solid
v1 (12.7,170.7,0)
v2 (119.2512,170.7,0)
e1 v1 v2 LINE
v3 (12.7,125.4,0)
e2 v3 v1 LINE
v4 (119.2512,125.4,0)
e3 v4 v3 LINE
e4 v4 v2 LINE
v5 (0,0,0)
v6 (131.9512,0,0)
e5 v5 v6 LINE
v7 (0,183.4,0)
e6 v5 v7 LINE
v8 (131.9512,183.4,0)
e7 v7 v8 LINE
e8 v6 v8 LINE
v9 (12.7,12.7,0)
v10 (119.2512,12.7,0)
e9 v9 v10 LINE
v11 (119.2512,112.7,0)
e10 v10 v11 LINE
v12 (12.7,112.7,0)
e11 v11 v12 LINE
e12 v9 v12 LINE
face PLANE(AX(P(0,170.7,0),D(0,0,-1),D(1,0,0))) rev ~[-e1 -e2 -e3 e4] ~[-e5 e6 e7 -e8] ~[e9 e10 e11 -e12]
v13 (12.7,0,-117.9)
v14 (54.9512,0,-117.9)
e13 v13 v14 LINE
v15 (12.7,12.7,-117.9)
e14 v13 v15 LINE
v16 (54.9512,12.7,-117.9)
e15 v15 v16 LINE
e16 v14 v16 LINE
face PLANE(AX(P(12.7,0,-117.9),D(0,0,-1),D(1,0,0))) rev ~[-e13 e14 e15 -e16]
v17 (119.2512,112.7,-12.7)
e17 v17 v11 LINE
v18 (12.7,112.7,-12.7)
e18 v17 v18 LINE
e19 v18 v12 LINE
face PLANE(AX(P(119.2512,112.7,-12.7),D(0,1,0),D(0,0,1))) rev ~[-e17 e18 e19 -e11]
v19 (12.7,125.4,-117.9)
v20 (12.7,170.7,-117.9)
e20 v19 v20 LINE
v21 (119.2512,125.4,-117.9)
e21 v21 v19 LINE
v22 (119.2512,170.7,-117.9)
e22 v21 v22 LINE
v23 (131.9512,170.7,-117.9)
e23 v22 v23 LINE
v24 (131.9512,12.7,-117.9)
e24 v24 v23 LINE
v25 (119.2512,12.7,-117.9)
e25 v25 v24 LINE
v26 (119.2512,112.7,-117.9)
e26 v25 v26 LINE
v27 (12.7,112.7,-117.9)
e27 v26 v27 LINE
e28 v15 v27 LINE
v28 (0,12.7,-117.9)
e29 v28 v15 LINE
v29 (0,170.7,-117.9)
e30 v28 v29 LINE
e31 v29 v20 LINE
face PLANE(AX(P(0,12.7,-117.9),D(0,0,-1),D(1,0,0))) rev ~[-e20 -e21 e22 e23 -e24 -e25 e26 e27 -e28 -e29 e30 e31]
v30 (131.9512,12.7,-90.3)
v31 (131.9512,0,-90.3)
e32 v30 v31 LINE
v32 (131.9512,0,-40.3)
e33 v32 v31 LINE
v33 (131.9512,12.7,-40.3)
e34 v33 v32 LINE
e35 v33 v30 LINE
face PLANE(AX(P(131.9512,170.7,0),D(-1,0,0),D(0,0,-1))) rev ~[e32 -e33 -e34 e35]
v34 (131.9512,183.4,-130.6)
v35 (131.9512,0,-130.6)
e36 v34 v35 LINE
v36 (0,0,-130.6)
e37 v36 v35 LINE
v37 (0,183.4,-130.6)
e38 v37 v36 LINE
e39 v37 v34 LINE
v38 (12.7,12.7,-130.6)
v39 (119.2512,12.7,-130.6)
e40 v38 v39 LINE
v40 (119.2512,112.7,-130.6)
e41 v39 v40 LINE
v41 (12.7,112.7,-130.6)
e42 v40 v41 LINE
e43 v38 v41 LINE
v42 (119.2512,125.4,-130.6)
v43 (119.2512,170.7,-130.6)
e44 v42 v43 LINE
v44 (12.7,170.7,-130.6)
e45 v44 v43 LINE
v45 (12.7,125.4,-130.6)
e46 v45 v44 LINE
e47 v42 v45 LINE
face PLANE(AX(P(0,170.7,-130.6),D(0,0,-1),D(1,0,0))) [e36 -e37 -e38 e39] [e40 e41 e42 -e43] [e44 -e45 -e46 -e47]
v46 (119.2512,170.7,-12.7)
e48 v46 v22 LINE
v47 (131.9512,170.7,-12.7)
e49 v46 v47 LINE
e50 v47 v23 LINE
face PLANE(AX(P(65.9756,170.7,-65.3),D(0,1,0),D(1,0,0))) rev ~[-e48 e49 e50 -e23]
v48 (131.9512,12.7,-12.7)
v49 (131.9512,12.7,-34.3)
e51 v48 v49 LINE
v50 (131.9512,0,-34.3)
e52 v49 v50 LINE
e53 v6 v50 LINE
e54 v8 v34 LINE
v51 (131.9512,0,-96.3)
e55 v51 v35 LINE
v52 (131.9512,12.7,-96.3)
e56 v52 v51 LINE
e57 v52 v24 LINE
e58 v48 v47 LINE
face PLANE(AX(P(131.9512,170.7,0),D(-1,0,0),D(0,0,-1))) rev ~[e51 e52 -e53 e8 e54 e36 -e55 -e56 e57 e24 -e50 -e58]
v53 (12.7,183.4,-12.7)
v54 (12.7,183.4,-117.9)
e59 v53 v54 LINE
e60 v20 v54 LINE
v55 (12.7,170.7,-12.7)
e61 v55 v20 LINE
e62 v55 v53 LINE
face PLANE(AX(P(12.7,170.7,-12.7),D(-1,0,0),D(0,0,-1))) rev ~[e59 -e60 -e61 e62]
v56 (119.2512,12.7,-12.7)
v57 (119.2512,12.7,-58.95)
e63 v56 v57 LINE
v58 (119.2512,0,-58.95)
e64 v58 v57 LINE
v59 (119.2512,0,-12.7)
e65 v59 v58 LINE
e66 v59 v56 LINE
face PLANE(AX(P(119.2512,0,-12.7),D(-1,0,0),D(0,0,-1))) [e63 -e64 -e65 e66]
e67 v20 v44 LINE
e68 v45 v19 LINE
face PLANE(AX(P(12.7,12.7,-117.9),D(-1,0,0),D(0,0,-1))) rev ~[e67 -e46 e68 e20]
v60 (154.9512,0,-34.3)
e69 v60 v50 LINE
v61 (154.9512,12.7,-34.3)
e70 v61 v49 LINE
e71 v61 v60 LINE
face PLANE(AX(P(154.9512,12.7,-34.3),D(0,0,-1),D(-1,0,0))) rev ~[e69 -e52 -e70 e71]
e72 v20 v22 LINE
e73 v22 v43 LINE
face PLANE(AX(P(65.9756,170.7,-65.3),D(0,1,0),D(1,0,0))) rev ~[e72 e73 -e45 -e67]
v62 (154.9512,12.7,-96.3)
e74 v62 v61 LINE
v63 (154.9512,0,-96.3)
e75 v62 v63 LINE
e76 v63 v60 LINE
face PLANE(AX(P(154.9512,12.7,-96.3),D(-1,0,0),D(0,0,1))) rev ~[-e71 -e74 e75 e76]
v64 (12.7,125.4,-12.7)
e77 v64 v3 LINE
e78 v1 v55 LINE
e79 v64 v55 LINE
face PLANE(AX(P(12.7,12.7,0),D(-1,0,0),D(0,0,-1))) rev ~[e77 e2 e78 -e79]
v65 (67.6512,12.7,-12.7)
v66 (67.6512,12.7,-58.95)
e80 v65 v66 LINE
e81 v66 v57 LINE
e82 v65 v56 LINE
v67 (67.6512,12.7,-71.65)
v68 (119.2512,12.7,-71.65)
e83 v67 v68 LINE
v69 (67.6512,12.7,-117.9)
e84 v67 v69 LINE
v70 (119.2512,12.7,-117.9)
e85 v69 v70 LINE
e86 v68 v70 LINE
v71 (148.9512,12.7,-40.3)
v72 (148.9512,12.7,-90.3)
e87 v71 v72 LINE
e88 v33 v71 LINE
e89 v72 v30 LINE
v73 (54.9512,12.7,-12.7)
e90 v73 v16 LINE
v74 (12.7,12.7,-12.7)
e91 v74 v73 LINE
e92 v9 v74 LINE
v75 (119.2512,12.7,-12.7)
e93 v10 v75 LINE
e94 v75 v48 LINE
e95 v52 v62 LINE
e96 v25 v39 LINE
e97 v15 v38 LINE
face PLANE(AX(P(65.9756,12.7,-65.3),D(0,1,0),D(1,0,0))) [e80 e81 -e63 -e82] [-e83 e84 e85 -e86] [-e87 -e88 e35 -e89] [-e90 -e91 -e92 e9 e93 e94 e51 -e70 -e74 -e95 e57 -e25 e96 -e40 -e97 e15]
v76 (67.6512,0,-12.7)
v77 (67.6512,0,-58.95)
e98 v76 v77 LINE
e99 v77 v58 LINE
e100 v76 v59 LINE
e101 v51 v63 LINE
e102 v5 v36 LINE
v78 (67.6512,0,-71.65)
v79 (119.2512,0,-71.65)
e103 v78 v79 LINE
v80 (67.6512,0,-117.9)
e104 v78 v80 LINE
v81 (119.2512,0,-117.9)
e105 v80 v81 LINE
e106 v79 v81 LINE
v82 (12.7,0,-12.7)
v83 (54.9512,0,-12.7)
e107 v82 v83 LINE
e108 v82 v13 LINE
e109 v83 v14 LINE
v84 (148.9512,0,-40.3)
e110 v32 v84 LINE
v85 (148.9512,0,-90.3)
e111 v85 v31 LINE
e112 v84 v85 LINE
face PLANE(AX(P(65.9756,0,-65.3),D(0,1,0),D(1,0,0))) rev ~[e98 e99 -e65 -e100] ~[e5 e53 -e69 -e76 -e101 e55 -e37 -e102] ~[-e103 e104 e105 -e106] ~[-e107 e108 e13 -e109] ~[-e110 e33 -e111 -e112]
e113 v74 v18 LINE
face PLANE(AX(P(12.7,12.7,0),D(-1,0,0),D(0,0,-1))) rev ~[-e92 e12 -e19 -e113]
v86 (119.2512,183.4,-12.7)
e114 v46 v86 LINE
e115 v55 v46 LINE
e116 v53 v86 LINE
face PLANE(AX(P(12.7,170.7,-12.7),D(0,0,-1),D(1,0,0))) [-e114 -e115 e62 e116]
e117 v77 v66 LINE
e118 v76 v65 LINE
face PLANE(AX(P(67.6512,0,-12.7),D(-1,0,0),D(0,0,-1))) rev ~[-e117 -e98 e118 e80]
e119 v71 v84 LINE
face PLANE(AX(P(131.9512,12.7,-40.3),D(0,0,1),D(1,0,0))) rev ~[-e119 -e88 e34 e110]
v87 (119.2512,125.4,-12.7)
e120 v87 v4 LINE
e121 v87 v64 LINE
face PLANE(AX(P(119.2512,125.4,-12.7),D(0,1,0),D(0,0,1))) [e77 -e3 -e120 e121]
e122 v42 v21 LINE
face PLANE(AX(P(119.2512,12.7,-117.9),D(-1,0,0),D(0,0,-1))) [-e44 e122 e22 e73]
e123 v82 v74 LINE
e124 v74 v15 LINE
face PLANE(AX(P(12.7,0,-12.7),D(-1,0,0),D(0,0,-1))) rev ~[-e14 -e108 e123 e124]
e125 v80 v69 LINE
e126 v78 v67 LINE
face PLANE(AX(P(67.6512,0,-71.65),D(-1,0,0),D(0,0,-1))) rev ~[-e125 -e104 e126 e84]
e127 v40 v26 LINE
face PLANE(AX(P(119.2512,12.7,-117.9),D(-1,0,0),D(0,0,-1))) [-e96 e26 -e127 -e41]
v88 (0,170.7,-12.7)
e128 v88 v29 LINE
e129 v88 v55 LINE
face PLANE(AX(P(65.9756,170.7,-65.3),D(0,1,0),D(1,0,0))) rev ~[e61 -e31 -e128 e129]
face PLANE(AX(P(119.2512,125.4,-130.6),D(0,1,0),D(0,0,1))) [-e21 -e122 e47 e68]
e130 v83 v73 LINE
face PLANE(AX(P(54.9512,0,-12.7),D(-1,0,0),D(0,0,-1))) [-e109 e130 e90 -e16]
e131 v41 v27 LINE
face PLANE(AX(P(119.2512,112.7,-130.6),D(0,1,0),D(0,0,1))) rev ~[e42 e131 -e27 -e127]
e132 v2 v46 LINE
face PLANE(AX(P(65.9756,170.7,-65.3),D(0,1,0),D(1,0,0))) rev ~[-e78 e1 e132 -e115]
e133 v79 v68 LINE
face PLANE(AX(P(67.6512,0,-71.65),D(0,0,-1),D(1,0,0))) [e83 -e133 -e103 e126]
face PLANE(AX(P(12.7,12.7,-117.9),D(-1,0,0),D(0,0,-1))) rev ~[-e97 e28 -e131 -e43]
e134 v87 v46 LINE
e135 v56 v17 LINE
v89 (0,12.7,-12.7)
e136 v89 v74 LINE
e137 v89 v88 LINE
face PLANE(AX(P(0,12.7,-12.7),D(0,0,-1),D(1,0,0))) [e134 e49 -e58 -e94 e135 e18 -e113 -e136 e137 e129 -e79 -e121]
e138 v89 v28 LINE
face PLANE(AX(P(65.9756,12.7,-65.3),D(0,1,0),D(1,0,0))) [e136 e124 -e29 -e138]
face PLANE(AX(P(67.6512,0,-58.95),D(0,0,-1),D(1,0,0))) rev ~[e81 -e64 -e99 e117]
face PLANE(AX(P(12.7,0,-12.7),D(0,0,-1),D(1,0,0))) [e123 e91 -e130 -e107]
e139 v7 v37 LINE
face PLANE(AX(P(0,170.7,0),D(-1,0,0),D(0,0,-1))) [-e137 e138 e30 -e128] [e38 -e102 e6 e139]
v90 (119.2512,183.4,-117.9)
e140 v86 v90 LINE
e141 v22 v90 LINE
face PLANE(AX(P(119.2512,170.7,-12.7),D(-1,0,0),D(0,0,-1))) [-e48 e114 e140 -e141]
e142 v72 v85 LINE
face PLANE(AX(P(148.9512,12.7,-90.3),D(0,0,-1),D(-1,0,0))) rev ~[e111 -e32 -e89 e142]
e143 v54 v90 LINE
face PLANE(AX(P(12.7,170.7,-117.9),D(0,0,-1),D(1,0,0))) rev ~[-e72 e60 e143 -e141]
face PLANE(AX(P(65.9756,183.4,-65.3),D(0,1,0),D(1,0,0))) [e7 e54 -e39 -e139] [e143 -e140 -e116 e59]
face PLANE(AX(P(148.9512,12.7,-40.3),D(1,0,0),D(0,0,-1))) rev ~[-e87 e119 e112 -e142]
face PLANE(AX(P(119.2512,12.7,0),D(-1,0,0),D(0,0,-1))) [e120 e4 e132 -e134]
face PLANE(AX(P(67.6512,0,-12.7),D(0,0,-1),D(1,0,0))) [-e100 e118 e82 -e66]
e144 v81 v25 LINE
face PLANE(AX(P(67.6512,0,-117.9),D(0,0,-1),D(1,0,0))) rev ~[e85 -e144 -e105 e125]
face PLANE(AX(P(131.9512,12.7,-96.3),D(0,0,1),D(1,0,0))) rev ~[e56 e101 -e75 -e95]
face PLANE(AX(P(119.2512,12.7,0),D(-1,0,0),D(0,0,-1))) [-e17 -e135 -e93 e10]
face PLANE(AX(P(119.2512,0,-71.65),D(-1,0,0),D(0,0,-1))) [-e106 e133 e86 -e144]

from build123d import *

# Parameters (mm, degrees)
CROQUIS1_W              = 131.9512
CROQUIS1_H              = 130.6
CROQUIS1_W_2            = 42.2512
CROQUIS1_H_2            = 105.2
CROQUIS1_W_3            = 51.6
CROQUIS1_H_3            = 46.25
SALIENTE_EXTRUIR1_DEPTH = 12.7
CROQUIS2_W              = 12.7
CROQUIS2_H              = 12.7
SALIENTE_EXTRUIR2_DEPTH = 158
CROQUIS3_W              = 131.9512
CROQUIS3_H              = 130.6
CROQUIS3_W_2            = 106.5512
CROQUIS3_H_2            = 105.2
SALIENTE_EXTRUIR3_DEPTH = 12.7
SALIENTE_EXTRUIR4_REACH = 256.78
CROQUIS4_W              = 12.7
CROQUIS4_H              = 12.7
SALIENTE_EXTRUIR5_DEPTH = 12.7


with BuildPart() as part:
    # Croquis1 → Saliente-Extruir1 (new body)
    with BuildSketch(Plane(origin=(0, 0, 0), x_dir=(1, 0, 0), z_dir=(0, 1, 0))):
        with Locations((65.9756, 65.3)):
            Rectangle(CROQUIS1_W, CROQUIS1_H)
        with Locations((33.8256, 65.3)):
            Rectangle(CROQUIS1_W_2, CROQUIS1_H_2, mode=Mode.SUBTRACT)
        with Locations((93.4512, 35.825)):
            Rectangle(CROQUIS1_W_3, CROQUIS1_H_3, mode=Mode.SUBTRACT)
        with Locations((93.4512, 94.775)):
            Rectangle(CROQUIS1_W_3, CROQUIS1_H_3, mode=Mode.SUBTRACT)
    extrude(amount=SALIENTE_EXTRUIR1_DEPTH)

    # Croquis2 → Saliente-Extruir2 (add)
    with BuildSketch(Plane(origin=(0, 12.7, 0), x_dir=(1, 0, 0), z_dir=(0, 1, 0))):
        with Locations((6.35, 124.25)):
            Rectangle(CROQUIS2_W, CROQUIS2_H)
        with Locations((6.35, 6.35)):
            Rectangle(CROQUIS2_W, CROQUIS2_H)
        with Locations((125.6012, 124.25)):
            Rectangle(CROQUIS2_W, CROQUIS2_H)
        with Locations((125.6012, 6.35)):
            Rectangle(CROQUIS2_W, CROQUIS2_H)
    extrude(amount=SALIENTE_EXTRUIR2_DEPTH)

    # Croquis3 → Saliente-Extruir3 (add)
    with BuildSketch(Plane(origin=(0, 170.7, 0), x_dir=(1, 0, 0), z_dir=(0, 1, 0))):
        with Locations((65.9756, 65.3)):
            Rectangle(CROQUIS3_W, CROQUIS3_H)
        with Locations((65.9756, 65.3)):
            Rectangle(CROQUIS3_W_2, CROQUIS3_H_2, mode=Mode.SUBTRACT)
    extrude(amount=SALIENTE_EXTRUIR3_DEPTH)

    # Croquis4 → Saliente-Extruir4 (add, up to next)
    with BuildSketch(Plane.ZY.offset(-119.2512), mode=Mode.PRIVATE) as saliente_extruir4_sk1:
        with Locations((-6.35, 119.05)):
            Rectangle(CROQUIS4_W, CROQUIS4_H)
    saliente_extruir4_tool1 = extrude(saliente_extruir4_sk1.sketch, amount=SALIENTE_EXTRUIR4_REACH, mode=Mode.PRIVATE) - part.part
    # Croquis4 → Saliente-Extruir4 (add, up to next)
    with BuildSketch(Plane.ZY.offset(-119.2512), mode=Mode.PRIVATE) as saliente_extruir4_sk2:
        with Locations((-124.25, 119.05)):
            Rectangle(CROQUIS4_W, CROQUIS4_H)
    saliente_extruir4_tool2 = extrude(saliente_extruir4_sk2.sketch, amount=SALIENTE_EXTRUIR4_REACH, mode=Mode.PRIVATE) - part.part
    add(saliente_extruir4_tool1.solids().sort_by_distance((119.2512, 119.05, -6.35))[0])
    add(saliente_extruir4_tool2.solids().sort_by_distance((119.2512, 119.05, -124.25))[0])

    # Croquis5 → Saliente-Extruir5 (add)
    with BuildSketch(Plane(origin=(0, 12.7, 0), x_dir=(1, 0, 0), z_dir=(0, 1, 0))):
        Polygon((131.9512, 96.3), (154.9512, 96.3), (154.9512, 34.3), (131.9512, 34.3), (131.9512, 40.3), (148.9512, 40.3), (148.9512, 90.3), (131.9512, 90.3), align=None)
    extrude(amount=-SALIENTE_EXTRUIR5_DEPTH)


solid = part.part
